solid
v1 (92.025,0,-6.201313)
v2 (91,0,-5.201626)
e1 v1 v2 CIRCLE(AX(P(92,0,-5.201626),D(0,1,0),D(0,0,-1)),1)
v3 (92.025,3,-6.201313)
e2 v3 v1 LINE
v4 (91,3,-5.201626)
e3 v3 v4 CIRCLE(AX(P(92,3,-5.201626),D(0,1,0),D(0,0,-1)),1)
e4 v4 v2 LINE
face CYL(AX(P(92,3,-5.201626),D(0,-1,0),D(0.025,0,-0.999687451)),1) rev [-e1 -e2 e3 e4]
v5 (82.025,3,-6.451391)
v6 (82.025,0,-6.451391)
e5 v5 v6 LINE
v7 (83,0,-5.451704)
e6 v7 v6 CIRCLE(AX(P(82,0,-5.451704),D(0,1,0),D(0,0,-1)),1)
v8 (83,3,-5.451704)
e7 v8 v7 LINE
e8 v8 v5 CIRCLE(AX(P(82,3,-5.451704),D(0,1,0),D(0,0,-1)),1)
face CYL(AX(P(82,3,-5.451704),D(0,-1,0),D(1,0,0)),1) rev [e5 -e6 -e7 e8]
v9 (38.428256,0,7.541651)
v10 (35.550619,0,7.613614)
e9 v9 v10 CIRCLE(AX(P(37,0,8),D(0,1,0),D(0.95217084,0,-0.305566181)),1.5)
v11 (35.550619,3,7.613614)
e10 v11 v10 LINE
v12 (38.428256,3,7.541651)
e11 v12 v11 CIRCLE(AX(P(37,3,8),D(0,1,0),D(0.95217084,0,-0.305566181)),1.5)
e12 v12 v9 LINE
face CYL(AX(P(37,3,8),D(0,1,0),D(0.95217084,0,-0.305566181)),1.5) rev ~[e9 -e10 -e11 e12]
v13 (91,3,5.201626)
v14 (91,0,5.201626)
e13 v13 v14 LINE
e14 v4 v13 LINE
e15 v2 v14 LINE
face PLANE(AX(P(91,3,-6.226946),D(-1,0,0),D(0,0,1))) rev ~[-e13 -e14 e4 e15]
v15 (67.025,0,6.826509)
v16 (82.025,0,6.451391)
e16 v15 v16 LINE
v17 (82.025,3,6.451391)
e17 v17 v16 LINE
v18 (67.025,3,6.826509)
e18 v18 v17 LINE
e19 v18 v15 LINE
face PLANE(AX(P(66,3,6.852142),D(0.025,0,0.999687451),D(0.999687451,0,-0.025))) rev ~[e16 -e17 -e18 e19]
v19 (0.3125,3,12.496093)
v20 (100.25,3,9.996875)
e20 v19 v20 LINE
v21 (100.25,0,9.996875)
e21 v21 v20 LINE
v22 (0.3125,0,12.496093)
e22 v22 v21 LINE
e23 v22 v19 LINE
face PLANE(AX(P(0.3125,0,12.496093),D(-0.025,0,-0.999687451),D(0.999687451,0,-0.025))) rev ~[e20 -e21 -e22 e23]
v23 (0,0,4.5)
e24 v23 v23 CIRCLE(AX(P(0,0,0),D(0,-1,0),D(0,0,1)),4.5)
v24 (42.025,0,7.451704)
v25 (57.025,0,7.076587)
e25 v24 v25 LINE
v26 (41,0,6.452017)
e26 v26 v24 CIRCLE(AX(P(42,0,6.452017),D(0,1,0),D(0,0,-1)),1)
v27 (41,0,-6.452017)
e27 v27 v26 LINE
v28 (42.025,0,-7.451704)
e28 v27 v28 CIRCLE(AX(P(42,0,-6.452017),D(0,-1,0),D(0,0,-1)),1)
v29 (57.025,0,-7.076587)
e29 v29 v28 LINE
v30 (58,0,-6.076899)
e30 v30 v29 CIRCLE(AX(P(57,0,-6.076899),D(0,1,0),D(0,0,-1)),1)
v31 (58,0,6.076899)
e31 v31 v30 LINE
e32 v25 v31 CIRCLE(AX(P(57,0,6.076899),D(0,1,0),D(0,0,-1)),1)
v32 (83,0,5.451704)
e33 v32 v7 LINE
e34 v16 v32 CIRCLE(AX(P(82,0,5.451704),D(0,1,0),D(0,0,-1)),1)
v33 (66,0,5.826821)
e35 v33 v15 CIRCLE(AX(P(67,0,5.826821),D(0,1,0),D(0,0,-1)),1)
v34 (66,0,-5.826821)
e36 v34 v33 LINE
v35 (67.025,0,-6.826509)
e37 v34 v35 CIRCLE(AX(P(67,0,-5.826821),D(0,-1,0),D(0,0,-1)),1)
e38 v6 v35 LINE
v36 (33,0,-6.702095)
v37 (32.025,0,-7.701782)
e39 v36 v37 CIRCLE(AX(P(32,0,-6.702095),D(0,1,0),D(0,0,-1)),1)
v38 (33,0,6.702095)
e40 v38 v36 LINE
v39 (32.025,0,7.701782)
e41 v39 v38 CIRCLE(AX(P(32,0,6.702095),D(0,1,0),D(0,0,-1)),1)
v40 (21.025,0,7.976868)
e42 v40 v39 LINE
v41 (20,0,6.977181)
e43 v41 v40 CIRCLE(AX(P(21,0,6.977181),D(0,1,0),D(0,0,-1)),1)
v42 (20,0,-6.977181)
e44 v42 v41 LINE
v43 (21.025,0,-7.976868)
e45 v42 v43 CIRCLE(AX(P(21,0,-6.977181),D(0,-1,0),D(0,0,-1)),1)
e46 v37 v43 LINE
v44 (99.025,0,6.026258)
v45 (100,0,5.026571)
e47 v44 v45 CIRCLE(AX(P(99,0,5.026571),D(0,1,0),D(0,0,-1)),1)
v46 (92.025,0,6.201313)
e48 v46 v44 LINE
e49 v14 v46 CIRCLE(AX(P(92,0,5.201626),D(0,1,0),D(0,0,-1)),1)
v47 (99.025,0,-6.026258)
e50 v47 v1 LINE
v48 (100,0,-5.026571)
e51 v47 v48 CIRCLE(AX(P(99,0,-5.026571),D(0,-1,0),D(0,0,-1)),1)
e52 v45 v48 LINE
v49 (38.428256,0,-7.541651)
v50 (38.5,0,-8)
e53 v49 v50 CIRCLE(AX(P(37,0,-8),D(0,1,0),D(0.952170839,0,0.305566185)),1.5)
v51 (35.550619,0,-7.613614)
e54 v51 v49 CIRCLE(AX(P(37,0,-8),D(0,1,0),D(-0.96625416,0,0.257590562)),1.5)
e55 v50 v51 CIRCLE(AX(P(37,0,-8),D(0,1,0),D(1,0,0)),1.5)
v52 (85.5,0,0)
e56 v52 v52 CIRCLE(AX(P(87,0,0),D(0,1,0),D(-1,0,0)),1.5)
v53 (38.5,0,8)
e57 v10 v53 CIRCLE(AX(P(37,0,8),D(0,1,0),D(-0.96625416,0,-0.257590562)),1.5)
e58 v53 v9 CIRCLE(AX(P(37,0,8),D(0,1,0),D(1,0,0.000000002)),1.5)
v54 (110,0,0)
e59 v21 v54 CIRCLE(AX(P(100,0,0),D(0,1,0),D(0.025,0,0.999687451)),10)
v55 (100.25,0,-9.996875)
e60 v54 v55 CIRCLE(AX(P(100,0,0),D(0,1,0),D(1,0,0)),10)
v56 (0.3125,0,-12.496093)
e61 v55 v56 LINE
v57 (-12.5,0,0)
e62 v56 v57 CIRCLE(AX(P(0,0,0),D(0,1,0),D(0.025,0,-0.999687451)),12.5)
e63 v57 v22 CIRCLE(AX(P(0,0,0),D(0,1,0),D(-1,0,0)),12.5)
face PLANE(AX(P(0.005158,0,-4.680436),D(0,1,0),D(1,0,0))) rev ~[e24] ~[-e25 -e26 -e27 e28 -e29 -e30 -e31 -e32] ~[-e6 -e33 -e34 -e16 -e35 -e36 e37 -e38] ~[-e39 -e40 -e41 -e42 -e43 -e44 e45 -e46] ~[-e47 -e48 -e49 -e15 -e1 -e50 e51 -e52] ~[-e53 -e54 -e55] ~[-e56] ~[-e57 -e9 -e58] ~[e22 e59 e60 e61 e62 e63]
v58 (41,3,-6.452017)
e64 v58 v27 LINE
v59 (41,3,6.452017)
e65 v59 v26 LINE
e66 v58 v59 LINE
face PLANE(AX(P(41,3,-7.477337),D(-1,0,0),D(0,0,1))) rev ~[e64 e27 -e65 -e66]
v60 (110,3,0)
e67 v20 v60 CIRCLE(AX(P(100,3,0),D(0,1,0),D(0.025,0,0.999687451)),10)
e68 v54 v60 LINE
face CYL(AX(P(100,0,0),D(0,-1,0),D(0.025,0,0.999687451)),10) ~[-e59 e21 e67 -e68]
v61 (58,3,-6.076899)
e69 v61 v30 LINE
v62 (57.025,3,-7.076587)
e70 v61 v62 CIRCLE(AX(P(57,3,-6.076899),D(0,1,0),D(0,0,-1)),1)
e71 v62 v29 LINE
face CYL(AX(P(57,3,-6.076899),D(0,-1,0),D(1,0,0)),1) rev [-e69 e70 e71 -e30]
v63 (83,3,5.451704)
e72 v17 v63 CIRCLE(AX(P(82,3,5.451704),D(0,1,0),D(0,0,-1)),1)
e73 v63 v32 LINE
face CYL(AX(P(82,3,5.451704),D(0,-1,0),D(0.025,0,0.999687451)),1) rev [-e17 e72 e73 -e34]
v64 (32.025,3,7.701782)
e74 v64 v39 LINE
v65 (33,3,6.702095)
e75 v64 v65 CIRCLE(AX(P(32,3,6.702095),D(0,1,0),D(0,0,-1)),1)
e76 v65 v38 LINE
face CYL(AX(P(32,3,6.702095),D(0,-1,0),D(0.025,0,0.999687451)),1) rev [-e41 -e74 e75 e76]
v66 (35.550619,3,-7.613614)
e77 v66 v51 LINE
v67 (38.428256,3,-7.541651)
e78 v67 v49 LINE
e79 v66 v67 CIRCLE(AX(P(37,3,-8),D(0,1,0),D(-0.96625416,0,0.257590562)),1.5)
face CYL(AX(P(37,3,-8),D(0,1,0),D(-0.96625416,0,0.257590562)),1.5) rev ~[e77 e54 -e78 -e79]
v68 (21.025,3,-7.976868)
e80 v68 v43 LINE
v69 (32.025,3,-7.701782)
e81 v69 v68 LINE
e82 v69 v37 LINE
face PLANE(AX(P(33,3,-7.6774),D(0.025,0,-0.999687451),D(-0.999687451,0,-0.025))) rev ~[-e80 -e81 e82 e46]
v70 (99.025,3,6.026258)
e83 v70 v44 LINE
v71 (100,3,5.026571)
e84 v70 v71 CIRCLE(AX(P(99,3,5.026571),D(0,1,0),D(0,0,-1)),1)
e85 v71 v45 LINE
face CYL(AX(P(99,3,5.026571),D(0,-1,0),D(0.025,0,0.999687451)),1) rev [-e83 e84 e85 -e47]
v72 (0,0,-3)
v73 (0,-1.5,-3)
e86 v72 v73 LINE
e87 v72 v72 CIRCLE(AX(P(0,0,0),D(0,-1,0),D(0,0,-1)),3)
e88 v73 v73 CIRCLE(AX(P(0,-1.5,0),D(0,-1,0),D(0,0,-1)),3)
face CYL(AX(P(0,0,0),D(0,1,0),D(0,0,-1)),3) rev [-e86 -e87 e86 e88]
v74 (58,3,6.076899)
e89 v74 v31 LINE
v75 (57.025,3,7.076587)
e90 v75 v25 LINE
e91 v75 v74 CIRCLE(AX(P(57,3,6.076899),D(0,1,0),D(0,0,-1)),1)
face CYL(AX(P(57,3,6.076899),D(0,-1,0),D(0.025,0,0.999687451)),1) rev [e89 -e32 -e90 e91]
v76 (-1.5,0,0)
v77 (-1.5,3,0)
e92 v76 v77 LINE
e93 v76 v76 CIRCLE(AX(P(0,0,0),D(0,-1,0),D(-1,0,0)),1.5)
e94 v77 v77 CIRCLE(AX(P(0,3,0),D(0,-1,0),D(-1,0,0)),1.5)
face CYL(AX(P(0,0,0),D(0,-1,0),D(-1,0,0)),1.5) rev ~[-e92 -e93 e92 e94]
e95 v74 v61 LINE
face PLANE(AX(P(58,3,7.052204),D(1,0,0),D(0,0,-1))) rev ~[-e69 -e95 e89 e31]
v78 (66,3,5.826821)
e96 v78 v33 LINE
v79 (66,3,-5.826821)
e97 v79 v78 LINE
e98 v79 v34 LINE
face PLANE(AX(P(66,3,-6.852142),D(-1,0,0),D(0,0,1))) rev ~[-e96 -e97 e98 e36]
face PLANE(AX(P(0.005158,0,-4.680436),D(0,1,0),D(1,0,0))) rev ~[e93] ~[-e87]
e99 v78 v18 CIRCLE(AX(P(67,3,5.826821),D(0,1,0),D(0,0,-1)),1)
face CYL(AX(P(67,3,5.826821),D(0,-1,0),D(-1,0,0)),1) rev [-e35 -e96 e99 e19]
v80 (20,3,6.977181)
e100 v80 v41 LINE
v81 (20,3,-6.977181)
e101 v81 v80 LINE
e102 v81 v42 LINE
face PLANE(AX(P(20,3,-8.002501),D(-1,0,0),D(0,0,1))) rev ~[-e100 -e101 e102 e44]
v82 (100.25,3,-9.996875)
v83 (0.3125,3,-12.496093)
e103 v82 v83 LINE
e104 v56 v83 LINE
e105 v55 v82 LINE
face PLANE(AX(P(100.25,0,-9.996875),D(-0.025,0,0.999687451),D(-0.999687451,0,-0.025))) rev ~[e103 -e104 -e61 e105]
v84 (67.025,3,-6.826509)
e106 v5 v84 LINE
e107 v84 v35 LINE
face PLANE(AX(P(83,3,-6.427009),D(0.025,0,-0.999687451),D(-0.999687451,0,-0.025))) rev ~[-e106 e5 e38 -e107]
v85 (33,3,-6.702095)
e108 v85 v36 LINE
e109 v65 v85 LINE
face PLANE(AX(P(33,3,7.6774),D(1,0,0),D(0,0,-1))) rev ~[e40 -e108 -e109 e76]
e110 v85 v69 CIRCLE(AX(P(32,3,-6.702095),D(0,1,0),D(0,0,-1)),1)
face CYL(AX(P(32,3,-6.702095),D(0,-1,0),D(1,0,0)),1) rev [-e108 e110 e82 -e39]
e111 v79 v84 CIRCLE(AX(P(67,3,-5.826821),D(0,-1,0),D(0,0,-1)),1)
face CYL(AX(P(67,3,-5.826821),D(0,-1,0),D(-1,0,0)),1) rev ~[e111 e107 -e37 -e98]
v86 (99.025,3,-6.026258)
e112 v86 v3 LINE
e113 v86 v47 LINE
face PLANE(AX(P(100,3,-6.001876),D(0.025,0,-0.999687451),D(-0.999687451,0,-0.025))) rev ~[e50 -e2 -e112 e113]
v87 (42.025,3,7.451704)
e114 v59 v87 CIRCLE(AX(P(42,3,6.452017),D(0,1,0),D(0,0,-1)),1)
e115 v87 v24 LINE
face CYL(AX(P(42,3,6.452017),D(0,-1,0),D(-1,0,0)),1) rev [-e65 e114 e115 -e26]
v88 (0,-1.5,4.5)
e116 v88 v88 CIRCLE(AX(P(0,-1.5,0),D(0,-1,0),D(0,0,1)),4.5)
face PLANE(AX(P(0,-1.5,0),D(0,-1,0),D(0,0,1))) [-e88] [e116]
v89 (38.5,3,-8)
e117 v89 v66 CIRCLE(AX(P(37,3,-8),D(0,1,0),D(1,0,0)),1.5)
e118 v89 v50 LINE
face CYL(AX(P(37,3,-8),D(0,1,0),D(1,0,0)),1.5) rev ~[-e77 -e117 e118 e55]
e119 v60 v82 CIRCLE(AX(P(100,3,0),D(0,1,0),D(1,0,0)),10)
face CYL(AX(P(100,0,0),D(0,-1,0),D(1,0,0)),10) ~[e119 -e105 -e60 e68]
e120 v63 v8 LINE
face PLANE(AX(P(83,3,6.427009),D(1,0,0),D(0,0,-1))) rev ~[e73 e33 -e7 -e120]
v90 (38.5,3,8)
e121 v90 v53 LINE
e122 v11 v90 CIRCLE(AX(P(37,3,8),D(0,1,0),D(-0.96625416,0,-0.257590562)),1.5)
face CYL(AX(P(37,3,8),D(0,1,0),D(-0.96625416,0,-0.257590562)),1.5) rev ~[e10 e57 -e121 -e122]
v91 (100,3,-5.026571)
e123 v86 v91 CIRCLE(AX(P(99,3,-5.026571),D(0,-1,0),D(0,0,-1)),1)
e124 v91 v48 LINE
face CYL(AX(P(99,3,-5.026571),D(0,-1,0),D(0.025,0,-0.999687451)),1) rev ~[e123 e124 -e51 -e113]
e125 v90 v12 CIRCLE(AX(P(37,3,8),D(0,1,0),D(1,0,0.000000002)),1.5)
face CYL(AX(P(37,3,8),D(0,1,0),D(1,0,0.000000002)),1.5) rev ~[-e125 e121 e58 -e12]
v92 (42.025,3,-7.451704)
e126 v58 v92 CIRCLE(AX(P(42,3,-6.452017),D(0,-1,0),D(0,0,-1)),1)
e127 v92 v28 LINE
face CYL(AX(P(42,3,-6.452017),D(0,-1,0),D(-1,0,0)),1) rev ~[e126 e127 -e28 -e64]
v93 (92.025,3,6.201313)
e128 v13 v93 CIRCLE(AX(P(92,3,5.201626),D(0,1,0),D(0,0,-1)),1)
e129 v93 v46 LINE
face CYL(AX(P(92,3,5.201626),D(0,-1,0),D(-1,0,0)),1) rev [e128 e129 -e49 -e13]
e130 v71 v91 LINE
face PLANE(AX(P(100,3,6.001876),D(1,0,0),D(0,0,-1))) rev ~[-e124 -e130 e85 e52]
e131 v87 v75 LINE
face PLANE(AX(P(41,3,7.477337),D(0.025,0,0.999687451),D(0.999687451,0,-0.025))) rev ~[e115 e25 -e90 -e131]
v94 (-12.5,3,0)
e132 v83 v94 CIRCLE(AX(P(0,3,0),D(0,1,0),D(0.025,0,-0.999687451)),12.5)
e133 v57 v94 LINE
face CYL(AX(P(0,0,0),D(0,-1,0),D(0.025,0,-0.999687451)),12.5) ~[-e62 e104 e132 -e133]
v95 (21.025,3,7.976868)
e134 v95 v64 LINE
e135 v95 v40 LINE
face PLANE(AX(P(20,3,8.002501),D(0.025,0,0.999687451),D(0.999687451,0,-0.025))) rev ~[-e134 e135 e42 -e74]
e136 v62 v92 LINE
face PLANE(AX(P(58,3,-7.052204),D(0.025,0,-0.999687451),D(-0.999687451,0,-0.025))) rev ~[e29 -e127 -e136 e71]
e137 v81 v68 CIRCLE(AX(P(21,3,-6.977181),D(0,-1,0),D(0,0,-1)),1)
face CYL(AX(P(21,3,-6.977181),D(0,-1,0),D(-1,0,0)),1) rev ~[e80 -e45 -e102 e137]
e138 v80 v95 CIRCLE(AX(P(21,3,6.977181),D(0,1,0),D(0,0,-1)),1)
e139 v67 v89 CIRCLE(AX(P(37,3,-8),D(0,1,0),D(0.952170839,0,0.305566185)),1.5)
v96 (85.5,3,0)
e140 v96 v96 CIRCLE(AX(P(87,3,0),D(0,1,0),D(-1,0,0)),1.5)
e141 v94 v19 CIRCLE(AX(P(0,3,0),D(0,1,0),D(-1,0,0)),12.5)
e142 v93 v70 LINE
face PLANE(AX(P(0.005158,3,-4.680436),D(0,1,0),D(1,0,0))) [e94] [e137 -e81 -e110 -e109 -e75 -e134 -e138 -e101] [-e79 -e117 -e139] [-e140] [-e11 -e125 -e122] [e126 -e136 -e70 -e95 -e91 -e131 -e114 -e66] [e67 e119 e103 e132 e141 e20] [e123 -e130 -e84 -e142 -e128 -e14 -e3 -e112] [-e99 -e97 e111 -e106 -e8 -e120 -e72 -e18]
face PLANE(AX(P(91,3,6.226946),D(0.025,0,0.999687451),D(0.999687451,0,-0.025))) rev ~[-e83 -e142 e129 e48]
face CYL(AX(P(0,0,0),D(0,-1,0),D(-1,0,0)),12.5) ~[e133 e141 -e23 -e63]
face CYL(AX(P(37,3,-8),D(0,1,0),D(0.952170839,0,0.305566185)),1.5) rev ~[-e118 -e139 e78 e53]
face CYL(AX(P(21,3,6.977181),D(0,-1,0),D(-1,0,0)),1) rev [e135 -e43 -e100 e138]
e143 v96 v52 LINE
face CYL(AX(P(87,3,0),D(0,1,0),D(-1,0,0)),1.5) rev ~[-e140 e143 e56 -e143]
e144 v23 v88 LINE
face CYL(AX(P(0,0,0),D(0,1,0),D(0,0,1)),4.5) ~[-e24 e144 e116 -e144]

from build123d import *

# Parameters (mm, degrees)
EXTRUDE_1_DEPTH     = 3
SKETCH_2_R          = 4.5
SKETCH_2_R_2        = 3
EXTRUDE_2_DEPTH     = 1.5
CUT_EXTRUDE_1_DEPTH = 3
FILLET_1_R          = 1


with BuildPart() as part:
    # 草图1 → 凸台-拉伸1 (new body)
    with BuildSketch(Plane(origin=(0, 0, 0), x_dir=(1, 0, 0), z_dir=(0, 1, 0))):
        with BuildLine():
            ThreePointArc((-1.5, 0), (0, 1.5), (1.5, 0))
            Line((1.5, 0), (12.5, 0))
            ThreePointArc((12.5, 0), (8.948638165, 8.727650027), (0.3125, 12.496093139))
            ThreePointArc((0.3125, 12.496093139), (-8.727650027, 8.948638165), (-12.5, 0))
            Line((-12.5, 0), (-1.5, 0))
        make_face()
        with BuildLine():
            Line((12.5, 0), (1.5, 0))
            ThreePointArc((1.5, 0), (0, -1.5), (-1.5, 0))
            Line((-1.5, 0), (-12.5, 0))
            ThreePointArc((-12.5, 0), (-8.727650027, -8.948638165), (0.3125, -12.496093139))
            ThreePointArc((0.3125, -12.496093139), (8.948638165, -8.727650027), (12.5, 0))
        make_face()
        with BuildLine():
            ThreePointArc((0.3125, 12.496093139), (8.948638165, 8.727650027), (12.5, 0))
            Line((12.5, 0), (90, 0))
            ThreePointArc((90, 0), (93.017879978, 7.158910532), (100.25, 9.996874512))
            Line((100.25, 9.996874512), (0.3125, 12.496093139))
        make_face()
        with BuildLine():
            Line((90, 0), (12.5, 0))
            ThreePointArc((12.5, 0), (8.948638165, -8.727650027), (0.3125, -12.496093139))
            Line((0.3125, -12.496093139), (100.25, -9.996874512))
            ThreePointArc((100.25, -9.996874512), (93.017879978, -7.158910532), (90, 0))
        make_face()
        with BuildLine():
            ThreePointArc((100.25, 9.996874512), (93.017879978, 7.158910532), (90, 0))
            Line((90, 0), (110, 0))
            ThreePointArc((110, 0), (107.158910532, 6.982120022), (100.25, 9.996874512))
        make_face()
        with BuildLine():
            Line((110, 0), (90, 0))
            ThreePointArc((90, 0), (93.017879978, -7.158910532), (100.25, -9.996874512))
            ThreePointArc((100.25, -9.996874512), (107.158910532, -6.982120022), (110, 0))
        make_face()
    extrude(amount=EXTRUDE_1_DEPTH)

    # 草图2 → 凸台-拉伸2 (add)
    with BuildSketch(Plane.XZ):
        with Locations(Location((0, 0, 0), (0, 0, 90))):
            Circle(SKETCH_2_R)
        with Locations(Location((0, 0, 0), (0, 0, 270))):
            Circle(SKETCH_2_R_2, mode=Mode.SUBTRACT)
    extrude(amount=EXTRUDE_2_DEPTH)

    # 草图3 → 切除-拉伸1 (cut)
    with BuildSketch(Plane(origin=(0, 3, 0), x_dir=(1, 0, 0), z_dir=(0, 1, 0))):
        Polygon((20, 8.002501172), (20, 0), (33, 0), (33, 7.677399562), align=None)
        Polygon((33, 0), (20, 0), (20, -8.002501172), (33, -7.677399562), align=None)
        with BuildLine():
            ThreePointArc((38.5, 8), (36.805156295, 9.487291475), (35.550618759, 7.613614157))
            Line((35.550618759, 7.613614157), (38.42825626, 7.541650728))
            ThreePointArc((38.42825626, 7.541650728), (38.481955531, 7.768034906), (38.5, 8))
        make_face()
        with BuildLine():
            Line((38.42825626, 7.541650728), (35.550618759, 7.613614157))
            ThreePointArc((35.550618759, 7.613614157), (36.9625, 6.500468823), (38.42825626, 7.541650728))
        make_face()
        with BuildLine():
            ThreePointArc((38.42825626, -7.541650728), (36.9625, -6.500468823), (35.550618759, -7.613614157))
            Line((35.550618759, -7.613614157), (38.42825626, -7.541650728))
        make_face()
        with BuildLine():
            Line((38.42825626, -7.541650728), (35.550618759, -7.613614157))
            ThreePointArc((35.550618759, -7.613614157), (36.805156295, -9.487291475), (38.5, -8))
            ThreePointArc((38.5, -8), (38.481955531, -7.768034906), (38.42825626, -7.541650728))
        make_face()
        Polygon((41, 7.477337033), (41, 0), (58, 0), (58, 7.052204158), align=None)
        Polygon((58, 0), (41, 0), (41, -7.477337033), (58, -7.052204158), align=None)
        Polygon((66, 6.852141629), (66, 0), (83, 0), (83, 6.427008754), align=None)
        Polygon((83, 0), (66, 0), (66, -6.852141629), (83, -6.427008754), align=None)
        with BuildLine():
            ThreePointArc((88.5, 0), (87, 1.5), (85.5, 0))
            Line((85.5, 0), (88.5, 0))
        make_face()
        with BuildLine():
            Line((88.5, 0), (85.5, 0))
            ThreePointArc((85.5, 0), (87, -1.5), (88.5, 0))
        make_face()
        Polygon((100, 6.001875879), (91, 6.226946225), (91, 0), (100, 0), align=None)
        Polygon((91, 0), (91, -6.226946225), (100, -6.001875879), (100, 0), align=None)
    extrude(amount=-CUT_EXTRUDE_1_DEPTH, mode=Mode.SUBTRACT)

    # 圆角1
    fillet_1_edges = [part.edges().sort_by_distance(p)[0] for p in [
        (20, 1.5, 8.002501172),
        (20, 1.5, -8.002501172),
        (33, 1.5, -7.677399562),
        (33, 1.5, 7.677399562),
        (41, 1.5, 7.477337033),
        (41, 1.5, -7.477337033),
        (58, 1.5, -7.052204158),
        (58, 1.5, 7.052204158),
        (66, 1.5, 6.852141629),
        (66, 1.5, -6.852141629),
        (83, 1.5, -6.427008754),
        (83, 1.5, 6.427008754),
        (91, 1.5, 6.226946225),
        (91, 1.5, -6.226946225),
        (100, 1.5, -6.001875879),
        (100, 1.5, 6.001875879),
    ]]
    fillet(fillet_1_edges, radius=FILLET_1_R)


solid = part.part
